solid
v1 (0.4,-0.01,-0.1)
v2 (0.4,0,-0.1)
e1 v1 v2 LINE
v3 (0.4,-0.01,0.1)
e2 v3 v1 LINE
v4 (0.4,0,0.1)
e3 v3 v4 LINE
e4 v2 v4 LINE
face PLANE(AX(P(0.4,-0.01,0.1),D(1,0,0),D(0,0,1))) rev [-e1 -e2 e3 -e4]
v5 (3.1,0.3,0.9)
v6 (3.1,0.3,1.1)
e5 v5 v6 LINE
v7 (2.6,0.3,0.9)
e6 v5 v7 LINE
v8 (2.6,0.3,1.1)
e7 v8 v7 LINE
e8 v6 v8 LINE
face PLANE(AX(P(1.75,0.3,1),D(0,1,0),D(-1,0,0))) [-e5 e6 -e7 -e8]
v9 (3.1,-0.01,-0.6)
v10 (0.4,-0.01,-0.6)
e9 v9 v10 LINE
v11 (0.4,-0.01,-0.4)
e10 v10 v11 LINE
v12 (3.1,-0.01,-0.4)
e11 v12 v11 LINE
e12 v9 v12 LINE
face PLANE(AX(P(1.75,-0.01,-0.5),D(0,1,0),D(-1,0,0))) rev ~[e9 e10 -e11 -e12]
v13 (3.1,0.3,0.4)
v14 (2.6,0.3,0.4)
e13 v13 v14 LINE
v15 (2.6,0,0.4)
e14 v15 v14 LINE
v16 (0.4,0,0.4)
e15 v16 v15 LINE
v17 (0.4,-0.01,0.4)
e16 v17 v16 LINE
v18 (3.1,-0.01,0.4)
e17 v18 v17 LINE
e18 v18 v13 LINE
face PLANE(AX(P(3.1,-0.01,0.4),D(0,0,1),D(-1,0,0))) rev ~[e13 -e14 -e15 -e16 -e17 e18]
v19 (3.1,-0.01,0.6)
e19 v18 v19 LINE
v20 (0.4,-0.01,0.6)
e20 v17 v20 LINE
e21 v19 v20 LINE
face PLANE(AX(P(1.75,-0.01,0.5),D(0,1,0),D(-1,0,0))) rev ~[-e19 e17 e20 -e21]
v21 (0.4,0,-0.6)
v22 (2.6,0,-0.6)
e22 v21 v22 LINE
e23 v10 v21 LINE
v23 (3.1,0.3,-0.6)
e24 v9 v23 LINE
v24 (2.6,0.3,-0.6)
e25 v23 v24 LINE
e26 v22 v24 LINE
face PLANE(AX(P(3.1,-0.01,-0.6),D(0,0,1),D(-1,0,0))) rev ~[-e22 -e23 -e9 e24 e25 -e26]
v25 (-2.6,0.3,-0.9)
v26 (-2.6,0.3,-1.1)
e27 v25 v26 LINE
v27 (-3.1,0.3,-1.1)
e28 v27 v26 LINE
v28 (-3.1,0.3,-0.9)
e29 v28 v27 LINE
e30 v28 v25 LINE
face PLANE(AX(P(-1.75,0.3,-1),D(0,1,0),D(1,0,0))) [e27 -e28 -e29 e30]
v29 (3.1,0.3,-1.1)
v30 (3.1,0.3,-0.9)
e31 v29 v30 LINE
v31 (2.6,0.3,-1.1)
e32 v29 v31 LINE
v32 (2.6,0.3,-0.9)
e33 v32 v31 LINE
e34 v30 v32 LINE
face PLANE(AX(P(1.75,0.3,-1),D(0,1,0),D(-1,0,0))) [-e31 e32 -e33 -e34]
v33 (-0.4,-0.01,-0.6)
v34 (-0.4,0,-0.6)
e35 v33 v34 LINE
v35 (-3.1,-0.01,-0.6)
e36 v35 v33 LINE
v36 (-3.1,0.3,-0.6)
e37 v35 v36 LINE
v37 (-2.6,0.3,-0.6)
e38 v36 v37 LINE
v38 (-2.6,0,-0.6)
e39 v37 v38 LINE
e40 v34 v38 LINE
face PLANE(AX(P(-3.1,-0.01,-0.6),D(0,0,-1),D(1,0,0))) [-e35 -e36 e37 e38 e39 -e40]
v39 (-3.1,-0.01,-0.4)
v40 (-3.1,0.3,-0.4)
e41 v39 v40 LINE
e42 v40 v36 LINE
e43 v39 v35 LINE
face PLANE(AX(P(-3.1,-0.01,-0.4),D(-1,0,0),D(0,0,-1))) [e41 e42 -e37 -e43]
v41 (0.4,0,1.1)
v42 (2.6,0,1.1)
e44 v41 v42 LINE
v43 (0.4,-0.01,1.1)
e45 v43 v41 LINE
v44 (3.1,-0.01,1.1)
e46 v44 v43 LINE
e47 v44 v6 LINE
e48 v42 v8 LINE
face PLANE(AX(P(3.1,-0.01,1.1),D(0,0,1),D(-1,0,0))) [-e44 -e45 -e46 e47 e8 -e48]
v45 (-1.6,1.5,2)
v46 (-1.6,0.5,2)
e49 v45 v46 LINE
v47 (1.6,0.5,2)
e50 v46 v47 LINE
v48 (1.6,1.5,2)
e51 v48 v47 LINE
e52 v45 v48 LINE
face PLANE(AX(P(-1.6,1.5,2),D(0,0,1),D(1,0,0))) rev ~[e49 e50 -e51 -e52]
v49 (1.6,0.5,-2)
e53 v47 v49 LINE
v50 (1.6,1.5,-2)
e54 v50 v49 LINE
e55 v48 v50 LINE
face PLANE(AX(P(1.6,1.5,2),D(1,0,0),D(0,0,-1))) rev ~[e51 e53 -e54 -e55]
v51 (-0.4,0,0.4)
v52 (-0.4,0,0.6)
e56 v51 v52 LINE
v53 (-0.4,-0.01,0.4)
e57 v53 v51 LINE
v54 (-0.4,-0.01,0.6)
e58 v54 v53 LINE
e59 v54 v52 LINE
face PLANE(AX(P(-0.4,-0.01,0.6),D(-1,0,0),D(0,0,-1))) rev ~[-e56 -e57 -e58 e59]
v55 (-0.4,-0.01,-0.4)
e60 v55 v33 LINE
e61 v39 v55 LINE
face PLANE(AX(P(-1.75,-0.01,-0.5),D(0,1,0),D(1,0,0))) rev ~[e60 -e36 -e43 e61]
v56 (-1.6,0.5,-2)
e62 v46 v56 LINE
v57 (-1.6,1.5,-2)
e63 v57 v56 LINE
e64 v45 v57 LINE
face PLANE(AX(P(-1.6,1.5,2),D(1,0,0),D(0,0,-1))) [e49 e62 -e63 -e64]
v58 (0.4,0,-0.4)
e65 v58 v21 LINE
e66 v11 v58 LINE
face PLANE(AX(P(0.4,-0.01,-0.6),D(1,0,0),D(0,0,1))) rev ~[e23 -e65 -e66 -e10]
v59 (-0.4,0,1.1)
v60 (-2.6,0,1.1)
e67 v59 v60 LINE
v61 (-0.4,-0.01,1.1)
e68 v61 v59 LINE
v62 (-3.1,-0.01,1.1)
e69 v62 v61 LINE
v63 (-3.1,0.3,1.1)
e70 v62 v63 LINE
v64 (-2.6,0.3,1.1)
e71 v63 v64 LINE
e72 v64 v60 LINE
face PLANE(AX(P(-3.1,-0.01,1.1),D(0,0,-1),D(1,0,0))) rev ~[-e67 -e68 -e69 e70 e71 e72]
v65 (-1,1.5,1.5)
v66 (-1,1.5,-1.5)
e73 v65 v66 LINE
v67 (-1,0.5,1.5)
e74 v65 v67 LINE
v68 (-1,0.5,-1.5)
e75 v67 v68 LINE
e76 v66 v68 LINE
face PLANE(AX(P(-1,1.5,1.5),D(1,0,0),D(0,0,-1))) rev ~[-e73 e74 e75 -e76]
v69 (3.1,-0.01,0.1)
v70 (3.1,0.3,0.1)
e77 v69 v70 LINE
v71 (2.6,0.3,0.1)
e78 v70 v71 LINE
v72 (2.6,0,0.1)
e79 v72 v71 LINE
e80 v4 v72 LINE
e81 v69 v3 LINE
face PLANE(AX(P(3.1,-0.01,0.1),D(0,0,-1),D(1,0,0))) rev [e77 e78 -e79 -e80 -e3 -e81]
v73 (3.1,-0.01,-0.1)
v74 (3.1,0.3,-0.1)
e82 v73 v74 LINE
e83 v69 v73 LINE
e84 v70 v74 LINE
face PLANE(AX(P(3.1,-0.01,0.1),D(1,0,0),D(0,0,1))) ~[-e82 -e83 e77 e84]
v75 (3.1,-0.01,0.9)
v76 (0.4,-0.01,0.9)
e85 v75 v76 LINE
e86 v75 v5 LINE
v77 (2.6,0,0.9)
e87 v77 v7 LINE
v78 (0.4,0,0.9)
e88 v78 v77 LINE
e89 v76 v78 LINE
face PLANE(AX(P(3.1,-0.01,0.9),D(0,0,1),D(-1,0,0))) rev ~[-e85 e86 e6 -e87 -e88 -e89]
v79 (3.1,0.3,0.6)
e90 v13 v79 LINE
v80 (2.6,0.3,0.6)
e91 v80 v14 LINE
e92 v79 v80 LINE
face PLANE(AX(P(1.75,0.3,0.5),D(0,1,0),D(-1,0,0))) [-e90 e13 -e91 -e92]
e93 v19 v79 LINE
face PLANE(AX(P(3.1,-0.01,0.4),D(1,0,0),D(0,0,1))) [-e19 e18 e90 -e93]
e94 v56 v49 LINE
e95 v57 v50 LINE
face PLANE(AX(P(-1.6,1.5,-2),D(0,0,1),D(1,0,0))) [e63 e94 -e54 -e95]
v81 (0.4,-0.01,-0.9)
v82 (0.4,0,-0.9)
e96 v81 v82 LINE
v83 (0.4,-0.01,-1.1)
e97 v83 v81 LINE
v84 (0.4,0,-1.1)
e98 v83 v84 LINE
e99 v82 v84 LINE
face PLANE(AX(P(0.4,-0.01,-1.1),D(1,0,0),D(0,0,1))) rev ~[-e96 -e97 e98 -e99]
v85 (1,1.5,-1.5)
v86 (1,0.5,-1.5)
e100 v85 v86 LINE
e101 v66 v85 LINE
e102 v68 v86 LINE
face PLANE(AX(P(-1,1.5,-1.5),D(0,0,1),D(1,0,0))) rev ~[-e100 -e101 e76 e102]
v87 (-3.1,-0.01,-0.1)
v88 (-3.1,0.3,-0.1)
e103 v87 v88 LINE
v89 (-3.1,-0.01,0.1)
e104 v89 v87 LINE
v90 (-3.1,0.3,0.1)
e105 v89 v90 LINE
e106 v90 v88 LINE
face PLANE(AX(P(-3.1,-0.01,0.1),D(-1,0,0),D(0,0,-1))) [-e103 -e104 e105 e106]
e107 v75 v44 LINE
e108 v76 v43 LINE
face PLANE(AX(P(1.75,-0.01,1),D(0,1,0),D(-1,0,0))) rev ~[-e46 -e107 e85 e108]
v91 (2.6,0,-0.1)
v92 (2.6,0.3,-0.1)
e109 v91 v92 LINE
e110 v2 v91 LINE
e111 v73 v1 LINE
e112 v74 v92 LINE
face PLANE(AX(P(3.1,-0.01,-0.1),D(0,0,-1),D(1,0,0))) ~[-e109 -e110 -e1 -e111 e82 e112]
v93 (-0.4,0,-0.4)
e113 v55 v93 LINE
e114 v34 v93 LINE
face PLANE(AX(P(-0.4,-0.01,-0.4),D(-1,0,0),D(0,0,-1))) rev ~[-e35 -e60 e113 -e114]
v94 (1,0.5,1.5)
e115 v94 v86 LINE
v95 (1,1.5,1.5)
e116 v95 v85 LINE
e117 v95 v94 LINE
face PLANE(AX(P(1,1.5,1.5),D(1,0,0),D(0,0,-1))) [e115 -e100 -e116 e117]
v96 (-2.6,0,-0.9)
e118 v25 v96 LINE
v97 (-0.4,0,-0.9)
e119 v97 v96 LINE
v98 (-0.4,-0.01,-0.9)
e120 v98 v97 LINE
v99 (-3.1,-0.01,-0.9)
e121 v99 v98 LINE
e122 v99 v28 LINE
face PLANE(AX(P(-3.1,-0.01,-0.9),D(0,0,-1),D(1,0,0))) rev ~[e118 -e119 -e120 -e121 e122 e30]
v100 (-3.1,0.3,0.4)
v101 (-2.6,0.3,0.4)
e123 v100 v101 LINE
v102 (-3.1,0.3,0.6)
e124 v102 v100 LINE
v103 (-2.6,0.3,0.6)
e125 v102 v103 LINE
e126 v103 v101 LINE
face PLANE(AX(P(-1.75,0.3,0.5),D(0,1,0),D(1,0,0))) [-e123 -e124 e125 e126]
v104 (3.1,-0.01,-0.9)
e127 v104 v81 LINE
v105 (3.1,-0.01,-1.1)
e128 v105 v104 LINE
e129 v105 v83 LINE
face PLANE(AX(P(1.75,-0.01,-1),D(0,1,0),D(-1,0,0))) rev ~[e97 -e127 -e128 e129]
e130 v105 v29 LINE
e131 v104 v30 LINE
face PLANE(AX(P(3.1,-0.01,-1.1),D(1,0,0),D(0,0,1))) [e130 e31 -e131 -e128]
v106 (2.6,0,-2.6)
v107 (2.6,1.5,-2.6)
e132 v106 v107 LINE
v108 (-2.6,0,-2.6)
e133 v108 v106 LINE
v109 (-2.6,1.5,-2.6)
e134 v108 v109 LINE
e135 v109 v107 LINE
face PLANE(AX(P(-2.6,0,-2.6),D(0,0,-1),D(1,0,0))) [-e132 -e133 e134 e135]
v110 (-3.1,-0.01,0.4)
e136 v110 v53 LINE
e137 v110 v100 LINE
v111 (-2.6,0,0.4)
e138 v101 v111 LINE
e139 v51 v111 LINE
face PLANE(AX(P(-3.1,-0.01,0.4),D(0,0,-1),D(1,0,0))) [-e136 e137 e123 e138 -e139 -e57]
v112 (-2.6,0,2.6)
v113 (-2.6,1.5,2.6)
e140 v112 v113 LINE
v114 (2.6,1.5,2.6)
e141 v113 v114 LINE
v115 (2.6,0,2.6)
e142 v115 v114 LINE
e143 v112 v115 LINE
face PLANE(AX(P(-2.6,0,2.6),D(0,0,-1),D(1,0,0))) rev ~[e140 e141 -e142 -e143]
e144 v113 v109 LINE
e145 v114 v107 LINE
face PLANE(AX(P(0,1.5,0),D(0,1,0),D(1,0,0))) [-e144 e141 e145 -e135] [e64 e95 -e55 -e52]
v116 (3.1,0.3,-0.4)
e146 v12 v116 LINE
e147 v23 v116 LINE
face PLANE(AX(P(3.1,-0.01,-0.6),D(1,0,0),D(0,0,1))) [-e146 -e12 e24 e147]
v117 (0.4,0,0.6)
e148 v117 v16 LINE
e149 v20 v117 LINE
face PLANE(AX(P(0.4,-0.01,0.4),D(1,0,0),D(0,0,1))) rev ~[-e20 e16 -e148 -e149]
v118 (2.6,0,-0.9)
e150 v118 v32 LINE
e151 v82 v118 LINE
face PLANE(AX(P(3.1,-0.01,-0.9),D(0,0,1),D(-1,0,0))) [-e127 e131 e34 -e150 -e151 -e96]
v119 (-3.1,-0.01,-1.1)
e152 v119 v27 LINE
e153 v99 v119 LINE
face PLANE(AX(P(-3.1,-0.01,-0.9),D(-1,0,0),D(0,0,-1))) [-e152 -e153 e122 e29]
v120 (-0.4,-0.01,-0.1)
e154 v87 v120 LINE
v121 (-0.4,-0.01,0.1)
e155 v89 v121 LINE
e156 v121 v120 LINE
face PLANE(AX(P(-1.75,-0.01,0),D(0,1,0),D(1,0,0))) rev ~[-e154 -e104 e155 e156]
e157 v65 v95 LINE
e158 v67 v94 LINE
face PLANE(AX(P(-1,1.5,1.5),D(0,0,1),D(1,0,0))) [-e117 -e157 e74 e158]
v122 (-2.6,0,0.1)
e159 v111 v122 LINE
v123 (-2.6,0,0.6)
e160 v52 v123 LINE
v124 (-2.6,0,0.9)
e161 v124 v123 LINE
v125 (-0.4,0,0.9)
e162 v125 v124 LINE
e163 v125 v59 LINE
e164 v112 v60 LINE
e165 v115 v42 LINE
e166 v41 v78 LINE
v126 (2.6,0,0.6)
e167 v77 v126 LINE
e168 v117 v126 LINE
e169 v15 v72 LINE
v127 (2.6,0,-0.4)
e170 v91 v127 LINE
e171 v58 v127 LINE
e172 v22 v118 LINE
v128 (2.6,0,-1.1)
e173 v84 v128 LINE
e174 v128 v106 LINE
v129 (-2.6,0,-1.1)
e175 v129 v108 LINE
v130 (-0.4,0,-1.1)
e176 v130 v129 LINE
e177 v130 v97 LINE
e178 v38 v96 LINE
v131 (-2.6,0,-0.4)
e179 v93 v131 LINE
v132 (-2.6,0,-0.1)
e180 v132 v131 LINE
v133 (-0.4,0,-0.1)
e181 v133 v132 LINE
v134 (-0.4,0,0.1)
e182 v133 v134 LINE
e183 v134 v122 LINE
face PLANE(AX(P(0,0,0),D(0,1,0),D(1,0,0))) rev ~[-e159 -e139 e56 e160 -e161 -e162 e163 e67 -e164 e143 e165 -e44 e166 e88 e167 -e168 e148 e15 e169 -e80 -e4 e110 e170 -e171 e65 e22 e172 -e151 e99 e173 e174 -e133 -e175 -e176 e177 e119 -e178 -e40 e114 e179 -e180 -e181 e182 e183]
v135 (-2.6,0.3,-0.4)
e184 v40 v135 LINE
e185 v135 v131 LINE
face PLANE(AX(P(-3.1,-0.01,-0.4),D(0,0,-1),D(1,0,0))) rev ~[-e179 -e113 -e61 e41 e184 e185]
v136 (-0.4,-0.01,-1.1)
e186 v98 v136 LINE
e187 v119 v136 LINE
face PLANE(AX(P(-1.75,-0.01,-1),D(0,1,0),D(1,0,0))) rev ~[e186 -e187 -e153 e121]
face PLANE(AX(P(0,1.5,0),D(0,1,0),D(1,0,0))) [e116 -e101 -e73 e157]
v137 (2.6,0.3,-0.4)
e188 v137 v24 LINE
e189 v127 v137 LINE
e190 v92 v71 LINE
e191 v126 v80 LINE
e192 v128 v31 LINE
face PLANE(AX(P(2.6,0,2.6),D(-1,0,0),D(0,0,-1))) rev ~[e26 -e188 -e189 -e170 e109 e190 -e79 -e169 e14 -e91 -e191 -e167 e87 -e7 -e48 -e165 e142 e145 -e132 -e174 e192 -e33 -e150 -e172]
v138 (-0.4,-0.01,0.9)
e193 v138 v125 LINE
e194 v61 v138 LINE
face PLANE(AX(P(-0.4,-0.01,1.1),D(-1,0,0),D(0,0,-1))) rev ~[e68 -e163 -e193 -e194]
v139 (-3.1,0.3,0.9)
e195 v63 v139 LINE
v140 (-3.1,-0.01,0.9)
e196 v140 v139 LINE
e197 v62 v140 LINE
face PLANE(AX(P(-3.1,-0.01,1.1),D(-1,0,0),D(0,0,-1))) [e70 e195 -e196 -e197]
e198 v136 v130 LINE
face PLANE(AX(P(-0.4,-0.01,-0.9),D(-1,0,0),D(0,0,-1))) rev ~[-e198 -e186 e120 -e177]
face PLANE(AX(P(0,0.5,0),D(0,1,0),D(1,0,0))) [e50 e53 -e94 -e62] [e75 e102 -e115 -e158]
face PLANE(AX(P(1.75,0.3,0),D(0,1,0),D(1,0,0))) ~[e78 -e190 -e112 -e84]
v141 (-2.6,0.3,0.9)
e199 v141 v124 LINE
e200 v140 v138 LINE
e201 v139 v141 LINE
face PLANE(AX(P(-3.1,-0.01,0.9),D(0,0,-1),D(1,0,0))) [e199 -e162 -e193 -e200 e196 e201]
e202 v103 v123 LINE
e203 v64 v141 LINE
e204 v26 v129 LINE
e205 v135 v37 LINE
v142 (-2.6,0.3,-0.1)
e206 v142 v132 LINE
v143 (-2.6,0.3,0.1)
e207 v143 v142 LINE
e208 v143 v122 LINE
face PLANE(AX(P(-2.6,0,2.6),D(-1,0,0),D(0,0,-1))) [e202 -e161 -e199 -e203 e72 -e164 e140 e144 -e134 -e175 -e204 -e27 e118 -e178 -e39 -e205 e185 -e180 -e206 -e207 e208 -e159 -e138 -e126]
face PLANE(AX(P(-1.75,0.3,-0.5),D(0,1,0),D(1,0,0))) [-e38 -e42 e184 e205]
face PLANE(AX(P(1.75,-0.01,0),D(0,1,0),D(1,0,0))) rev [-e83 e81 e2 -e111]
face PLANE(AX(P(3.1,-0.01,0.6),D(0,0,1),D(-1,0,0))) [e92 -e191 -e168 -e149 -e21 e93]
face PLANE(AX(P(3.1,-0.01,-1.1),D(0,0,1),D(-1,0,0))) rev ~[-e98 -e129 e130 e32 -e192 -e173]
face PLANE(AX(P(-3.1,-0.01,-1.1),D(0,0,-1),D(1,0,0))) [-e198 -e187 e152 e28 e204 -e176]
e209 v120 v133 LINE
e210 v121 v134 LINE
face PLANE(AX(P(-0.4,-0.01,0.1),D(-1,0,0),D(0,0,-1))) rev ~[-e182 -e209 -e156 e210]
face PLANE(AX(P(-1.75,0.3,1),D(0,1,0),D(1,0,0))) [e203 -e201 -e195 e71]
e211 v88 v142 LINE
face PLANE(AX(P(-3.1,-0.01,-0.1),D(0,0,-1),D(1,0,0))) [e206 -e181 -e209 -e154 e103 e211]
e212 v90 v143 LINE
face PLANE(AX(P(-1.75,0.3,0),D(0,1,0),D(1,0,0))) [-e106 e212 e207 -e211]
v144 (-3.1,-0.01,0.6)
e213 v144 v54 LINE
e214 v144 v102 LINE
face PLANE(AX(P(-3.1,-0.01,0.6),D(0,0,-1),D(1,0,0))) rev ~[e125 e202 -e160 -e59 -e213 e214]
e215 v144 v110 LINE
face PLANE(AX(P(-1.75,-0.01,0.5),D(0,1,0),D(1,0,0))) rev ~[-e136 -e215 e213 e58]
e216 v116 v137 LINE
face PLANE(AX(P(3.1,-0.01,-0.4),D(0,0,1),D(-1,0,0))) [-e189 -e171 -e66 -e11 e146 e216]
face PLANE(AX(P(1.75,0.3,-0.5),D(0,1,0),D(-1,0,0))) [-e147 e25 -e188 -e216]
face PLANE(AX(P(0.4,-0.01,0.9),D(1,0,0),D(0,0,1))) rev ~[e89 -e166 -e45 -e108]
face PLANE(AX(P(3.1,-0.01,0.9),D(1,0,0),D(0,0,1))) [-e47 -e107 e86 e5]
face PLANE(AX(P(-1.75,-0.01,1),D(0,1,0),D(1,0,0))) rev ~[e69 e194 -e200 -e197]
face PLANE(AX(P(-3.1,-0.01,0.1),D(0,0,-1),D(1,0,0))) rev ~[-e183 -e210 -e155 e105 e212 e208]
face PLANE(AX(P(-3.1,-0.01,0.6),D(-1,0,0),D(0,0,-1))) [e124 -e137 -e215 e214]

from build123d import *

# Parameters (mm, degrees)
SKETCH_1_W                 = 5.2
SKETCH_1_H                 = 5.2
EXTRUDE_1_DEPTH            = 1.5
SKETCH_2_W                 = 3.2
SKETCH_2_H                 = 4
SKETCH_2_W_2               = 2
SKETCH_2_H_2               = 3
CUT_EXTRUDE_1_DEPTH        = 1
EXTRUDE_START              = -0.01
SKETCH_3_W                 = 2.7
SKETCH_3_H                 = 0.2
EXTRUDE_2_DEPTH            = 0.31
PATTERN_LINEAR_1_COUNT     = 3
PATTERN_LINEAR_1_PITCH     = 0.5
PATTERN_LINEAR_1_COL_COUNT = 3
PATTERN_LINEAR_1_COL_PITCH = 0.5
MIRROR_START               = -0.01
MIRROR_1_COPY_1_SKETCH_W   = 2.7
MIRROR_1_COPY_1_SKETCH_H   = 0.2
MIRROR_1_COPY_1_DEPTH      = 0.31
MIRROR_1_COPY_2_SKETCH_W   = 2.7
MIRROR_1_COPY_2_SKETCH_H   = 0.2
MIRROR_1_COPY_2_DEPTH      = 0.31
MIRROR_1_COPY_3_SKETCH_W   = 2.7
MIRROR_1_COPY_3_SKETCH_H   = 0.2
MIRROR_1_COPY_3_DEPTH      = 0.31
MIRROR_1_COPY_4_SKETCH_W   = 2.7
MIRROR_1_COPY_4_SKETCH_H   = 0.2
MIRROR_1_COPY_4_DEPTH      = 0.31


with BuildPart() as part:
    # Эскиз1 → Бобышка-Вытянуть1 (new body)
    with BuildSketch(Plane(origin=(0, 0, 0), x_dir=(1, 0, 0), z_dir=(0, 1, 0))):
        Rectangle(SKETCH_1_W, SKETCH_1_H)
    extrude(amount=EXTRUDE_1_DEPTH)

    # Эскиз2 → Вырез-Вытянуть1 (cut)
    with BuildSketch(Plane(origin=(0, 1.5, 0), x_dir=(1, 0, 0), z_dir=(0, 1, 0))):
        Rectangle(SKETCH_2_W, SKETCH_2_H)
        Rectangle(SKETCH_2_W_2, SKETCH_2_H_2, mode=Mode.SUBTRACT)
    extrude(amount=-CUT_EXTRUDE_1_DEPTH, mode=Mode.SUBTRACT)

    # Эскиз3 → Бобышка-Вытянуть2 (add)
    with BuildSketch(Plane(origin=(0, 0, 0), x_dir=(1, 0, 0), z_dir=(0, 1, 0)).offset(EXTRUDE_START)):
        with Locations((-1.75, 0)):
            Rectangle(SKETCH_3_W, SKETCH_3_H)
    extrude_2 = extrude(amount=EXTRUDE_2_DEPTH)

    # Линейный массив1: Бобышка-Вытянуть2 ×3
    with Locations(*[(0, 0, -i * PATTERN_LINEAR_1_PITCH) for i in range(1, PATTERN_LINEAR_1_COUNT)]):
        add(extrude_2)

    # Линейный массив1 col: Бобышка-Вытянуть2 ×3
    with Locations(*[(0, 0, i * PATTERN_LINEAR_1_COL_PITCH) for i in range(1, PATTERN_LINEAR_1_COL_COUNT)]):
        add(extrude_2)

    # Зеркальное отражение1: Бобышка-Вытянуть2 across plane
    add(extrude_2.mirror(Plane(origin=(0, 0, 0), x_dir=(0, 0, 1), z_dir=(1, 0, 0))))

    # Зеркальное отражение1 copy 1 sketch → Зеркальное отражение1 copy 1 (add)
    with BuildSketch(Plane(origin=(0, 0, -0.5), x_dir=(-1, 0, 0), z_dir=(0, 1, 0)).offset(MIRROR_START)):
        with Locations((-1.75, 0)):
            Rectangle(MIRROR_1_COPY_1_SKETCH_W, MIRROR_1_COPY_1_SKETCH_H)
    extrude(amount=MIRROR_1_COPY_1_DEPTH)

    # Зеркальное отражение1 copy 2 sketch → Зеркальное отражение1 copy 2 (add)
    with BuildSketch(Plane(origin=(0, 0, -1), x_dir=(-1, 0, 0), z_dir=(0, 1, 0)).offset(MIRROR_START)):
        with Locations((-1.75, 0)):
            Rectangle(MIRROR_1_COPY_2_SKETCH_W, MIRROR_1_COPY_2_SKETCH_H)
    extrude(amount=MIRROR_1_COPY_2_DEPTH)

    # Зеркальное отражение1 copy 3 sketch → Зеркальное отражение1 copy 3 (add)
    with BuildSketch(Plane(origin=(0, 0, 0.5), x_dir=(-1, 0, 0), z_dir=(0, 1, 0)).offset(MIRROR_START)):
        with Locations((-1.75, 0)):
            Rectangle(MIRROR_1_COPY_3_SKETCH_W, MIRROR_1_COPY_3_SKETCH_H)
    extrude(amount=MIRROR_1_COPY_3_DEPTH)

    # Зеркальное отражение1 copy 4 sketch → Зеркальное отражение1 copy 4 (add)
    with BuildSketch(Plane(origin=(0, 0, 1), x_dir=(-1, 0, 0), z_dir=(0, 1, 0)).offset(MIRROR_START)):
        with Locations((-1.75, 0)):
            Rectangle(MIRROR_1_COPY_4_SKETCH_W, MIRROR_1_COPY_4_SKETCH_H)
    extrude(amount=MIRROR_1_COPY_4_DEPTH)


solid = part.part
